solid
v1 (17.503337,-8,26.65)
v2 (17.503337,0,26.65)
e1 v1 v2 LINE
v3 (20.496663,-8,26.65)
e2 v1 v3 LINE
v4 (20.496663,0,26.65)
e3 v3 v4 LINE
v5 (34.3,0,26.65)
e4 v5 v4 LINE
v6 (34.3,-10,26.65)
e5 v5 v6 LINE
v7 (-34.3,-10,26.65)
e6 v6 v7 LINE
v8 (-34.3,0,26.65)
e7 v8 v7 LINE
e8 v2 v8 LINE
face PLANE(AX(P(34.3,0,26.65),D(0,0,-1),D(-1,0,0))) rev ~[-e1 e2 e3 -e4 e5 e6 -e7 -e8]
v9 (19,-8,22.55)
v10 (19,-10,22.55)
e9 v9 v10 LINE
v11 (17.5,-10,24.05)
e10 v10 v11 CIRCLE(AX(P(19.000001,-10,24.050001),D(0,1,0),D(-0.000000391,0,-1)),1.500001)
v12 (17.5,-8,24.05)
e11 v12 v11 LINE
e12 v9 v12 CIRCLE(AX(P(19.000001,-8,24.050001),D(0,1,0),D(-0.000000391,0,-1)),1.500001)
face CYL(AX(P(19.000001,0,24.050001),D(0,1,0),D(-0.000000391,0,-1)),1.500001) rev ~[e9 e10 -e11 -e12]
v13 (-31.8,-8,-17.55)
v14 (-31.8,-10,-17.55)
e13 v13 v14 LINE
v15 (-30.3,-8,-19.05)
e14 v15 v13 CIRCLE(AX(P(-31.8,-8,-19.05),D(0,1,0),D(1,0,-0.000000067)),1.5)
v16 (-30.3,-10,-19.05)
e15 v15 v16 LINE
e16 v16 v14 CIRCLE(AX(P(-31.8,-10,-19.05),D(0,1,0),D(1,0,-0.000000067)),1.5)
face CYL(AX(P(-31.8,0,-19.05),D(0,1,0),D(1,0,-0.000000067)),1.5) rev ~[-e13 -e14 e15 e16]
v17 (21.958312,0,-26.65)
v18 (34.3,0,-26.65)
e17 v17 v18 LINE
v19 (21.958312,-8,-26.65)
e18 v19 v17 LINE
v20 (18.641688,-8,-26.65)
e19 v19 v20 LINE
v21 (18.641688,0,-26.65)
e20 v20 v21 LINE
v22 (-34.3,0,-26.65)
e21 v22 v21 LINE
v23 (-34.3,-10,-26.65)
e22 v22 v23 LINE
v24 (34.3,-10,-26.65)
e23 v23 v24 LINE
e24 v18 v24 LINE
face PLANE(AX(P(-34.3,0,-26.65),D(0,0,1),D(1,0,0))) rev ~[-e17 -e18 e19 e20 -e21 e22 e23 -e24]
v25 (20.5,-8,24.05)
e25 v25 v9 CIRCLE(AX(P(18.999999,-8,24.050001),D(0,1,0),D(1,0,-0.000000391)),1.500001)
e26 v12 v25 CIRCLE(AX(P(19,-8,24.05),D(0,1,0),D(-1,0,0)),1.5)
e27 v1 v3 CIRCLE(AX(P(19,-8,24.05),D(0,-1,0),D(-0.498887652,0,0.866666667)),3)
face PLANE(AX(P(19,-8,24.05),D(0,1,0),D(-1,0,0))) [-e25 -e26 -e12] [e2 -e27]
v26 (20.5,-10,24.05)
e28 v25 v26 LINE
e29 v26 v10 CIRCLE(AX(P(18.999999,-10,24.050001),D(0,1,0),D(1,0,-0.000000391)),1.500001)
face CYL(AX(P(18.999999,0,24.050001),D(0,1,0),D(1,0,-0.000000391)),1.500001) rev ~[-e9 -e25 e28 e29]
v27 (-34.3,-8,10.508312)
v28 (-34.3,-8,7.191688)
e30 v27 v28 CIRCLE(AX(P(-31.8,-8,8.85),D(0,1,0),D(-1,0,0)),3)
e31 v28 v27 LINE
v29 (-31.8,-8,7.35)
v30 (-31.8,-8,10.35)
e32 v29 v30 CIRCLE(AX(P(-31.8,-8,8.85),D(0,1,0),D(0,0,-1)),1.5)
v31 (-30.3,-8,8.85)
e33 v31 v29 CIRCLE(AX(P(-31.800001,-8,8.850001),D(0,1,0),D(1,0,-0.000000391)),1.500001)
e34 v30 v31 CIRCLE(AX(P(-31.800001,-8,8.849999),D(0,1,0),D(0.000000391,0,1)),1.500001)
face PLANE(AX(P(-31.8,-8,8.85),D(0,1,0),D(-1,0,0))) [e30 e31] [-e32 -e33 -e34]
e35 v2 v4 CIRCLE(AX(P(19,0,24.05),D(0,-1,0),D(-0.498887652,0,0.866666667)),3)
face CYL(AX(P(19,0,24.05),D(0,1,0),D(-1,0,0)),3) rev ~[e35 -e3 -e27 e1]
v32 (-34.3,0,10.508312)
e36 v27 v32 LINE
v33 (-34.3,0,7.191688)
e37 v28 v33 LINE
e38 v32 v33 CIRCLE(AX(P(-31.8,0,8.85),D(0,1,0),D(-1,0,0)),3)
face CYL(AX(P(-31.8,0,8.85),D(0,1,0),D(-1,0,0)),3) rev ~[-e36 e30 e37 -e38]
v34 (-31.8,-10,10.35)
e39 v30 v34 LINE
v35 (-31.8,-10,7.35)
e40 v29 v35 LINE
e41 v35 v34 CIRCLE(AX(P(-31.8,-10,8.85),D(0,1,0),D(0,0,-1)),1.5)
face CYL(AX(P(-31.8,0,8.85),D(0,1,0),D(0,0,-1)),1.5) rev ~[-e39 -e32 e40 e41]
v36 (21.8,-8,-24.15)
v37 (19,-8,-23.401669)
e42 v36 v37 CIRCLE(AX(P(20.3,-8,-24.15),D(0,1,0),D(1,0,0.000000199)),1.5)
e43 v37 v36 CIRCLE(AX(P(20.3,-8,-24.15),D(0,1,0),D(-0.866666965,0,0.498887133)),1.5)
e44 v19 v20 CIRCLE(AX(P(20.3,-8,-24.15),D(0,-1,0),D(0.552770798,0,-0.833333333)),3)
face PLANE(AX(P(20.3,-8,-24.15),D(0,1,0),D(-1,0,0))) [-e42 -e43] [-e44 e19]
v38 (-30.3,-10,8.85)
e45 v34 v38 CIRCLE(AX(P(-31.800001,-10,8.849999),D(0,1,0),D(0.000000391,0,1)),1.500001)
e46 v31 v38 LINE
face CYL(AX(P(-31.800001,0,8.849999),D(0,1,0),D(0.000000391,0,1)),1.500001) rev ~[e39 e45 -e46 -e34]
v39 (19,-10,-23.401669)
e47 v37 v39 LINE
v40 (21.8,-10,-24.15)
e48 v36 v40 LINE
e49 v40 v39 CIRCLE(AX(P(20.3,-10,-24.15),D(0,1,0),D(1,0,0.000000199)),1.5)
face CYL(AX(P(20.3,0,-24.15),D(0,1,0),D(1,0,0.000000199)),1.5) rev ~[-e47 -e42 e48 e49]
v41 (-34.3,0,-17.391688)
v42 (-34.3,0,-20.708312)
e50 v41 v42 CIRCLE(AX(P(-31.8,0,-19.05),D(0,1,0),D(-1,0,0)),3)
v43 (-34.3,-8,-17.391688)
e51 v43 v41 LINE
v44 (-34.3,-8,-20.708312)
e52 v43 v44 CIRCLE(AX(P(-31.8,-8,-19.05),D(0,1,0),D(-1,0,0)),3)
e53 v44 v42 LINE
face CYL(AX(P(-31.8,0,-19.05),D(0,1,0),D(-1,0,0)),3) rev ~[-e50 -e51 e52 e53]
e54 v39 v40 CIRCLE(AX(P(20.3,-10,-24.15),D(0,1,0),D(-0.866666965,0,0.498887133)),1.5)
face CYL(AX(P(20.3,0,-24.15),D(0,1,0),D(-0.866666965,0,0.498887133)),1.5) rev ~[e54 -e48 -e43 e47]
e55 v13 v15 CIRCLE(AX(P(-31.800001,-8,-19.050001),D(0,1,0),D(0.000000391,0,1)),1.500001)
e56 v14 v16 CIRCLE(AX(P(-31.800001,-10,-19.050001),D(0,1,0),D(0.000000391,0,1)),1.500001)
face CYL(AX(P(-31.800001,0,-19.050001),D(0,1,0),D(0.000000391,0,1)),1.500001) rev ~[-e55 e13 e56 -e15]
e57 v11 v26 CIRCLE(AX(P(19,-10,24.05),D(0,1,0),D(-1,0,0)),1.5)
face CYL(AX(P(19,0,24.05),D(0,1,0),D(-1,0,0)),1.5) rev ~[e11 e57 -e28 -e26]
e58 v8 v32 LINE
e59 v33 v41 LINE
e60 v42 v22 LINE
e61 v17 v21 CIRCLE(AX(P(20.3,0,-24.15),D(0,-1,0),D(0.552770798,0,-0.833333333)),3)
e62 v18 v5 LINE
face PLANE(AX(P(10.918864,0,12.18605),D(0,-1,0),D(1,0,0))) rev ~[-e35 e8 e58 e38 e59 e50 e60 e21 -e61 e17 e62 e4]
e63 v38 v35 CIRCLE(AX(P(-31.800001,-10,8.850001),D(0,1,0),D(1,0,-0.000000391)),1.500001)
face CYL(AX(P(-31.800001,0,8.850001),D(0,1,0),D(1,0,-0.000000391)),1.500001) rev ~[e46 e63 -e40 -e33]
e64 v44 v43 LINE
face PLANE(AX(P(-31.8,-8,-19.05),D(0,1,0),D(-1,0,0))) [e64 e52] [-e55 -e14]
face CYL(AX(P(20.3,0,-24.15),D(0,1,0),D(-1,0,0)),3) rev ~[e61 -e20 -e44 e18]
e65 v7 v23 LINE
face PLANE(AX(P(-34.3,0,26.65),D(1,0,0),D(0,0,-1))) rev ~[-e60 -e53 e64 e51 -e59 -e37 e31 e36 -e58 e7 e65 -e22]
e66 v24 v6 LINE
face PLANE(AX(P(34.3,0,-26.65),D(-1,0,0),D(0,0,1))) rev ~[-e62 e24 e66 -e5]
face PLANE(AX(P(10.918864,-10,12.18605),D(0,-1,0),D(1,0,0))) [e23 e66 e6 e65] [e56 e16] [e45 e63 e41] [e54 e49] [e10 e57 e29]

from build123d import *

# Parameters (mm, degrees)
F1_DEPTH = 10
F2_R     = 3
F3_DEPTH = 8


with BuildPart() as f1:
    # F0 (on Front) → F1 (new body)
    with BuildSketch(Plane.XZ):
        with BuildLine():
            Line((34.3, 26.65), (-34.3, 26.65))
            Line((-34.3, 26.65), (-34.3, 24.05))
            Line((-34.3, 24.05), (-31.8, 24.05))
            Line((-31.8, 24.05), (17.5, 24.05))
            ThreePointArc((17.5, 24.05), (19, 25.55), (20.5, 24.05))
            ThreePointArc((20.5, 24.05), (20.06066, 22.98934), (19, 22.55))
            Line((19, 22.55), (19, -23.401669))
            ThreePointArc((19, -23.401669), (20.687298, -22.700862), (21.8, -24.15))
            Line((21.8, -24.15), (34.3, -24.15))
            Line((34.3, -24.15), (34.3, 26.65))
        make_face()
        with BuildLine():
            ThreePointArc((-30.3, -19.05), (-30.73934, -17.98934), (-31.8, -17.55))
            ThreePointArc((-31.8, -17.55), (-32.86066, -20.11066), (-30.3, -19.05))
        make_face()
        with BuildLine():
            Line((-31.8, 24.05), (-34.3, 24.05))
            Line((-34.3, 24.05), (-34.3, -26.65))
            Line((-34.3, -26.65), (34.3, -26.65))
            Line((34.3, -26.65), (34.3, -24.15))
            Line((34.3, -24.15), (21.8, -24.15))
            ThreePointArc((21.8, -24.15), (19.912702, -25.599138), (19, -23.401669))
            Line((19, -23.401669), (19, 22.55))
            ThreePointArc((19, 22.55), (17.93934, 22.98934), (17.5, 24.05))
            Line((17.5, 24.05), (-31.8, 24.05))
        make_face()
        with BuildLine():
            ThreePointArc((-30.3, -19.05), (-32.86066, -20.11066), (-31.8, -17.55))
            ThreePointArc((-31.8, -17.55), (-30.73934, -17.98934), (-30.3, -19.05))
        make_face(mode=Mode.SUBTRACT)
        with BuildLine():
            ThreePointArc((-31.8, 7.35), (-33.3, 8.85), (-31.8, 10.35))
            ThreePointArc((-31.8, 10.35), (-30.73934, 9.91066), (-30.3, 8.85))
            ThreePointArc((-30.3, 8.85), (-30.73934, 7.78934), (-31.8, 7.35))
        make_face(mode=Mode.SUBTRACT)
    extrude(amount=F1_DEPTH)

    # F2 (on face) → F3 (cut)
    with BuildSketch(Plane(origin=(0, 0, 0), x_dir=(-1, 0, 0), z_dir=(0, 1, 0))):
        with Locations((-19, 24.05)):
            Circle(F2_R)
        with Locations((31.8, 8.85)):
            Circle(F2_R)
        with Locations((31.8, -19.05)):
            Circle(F2_R)
        with Locations((-20.3, -24.15)):
            Circle(F2_R)
    extrude(amount=-F3_DEPTH, mode=Mode.SUBTRACT)


solid = f1.part
